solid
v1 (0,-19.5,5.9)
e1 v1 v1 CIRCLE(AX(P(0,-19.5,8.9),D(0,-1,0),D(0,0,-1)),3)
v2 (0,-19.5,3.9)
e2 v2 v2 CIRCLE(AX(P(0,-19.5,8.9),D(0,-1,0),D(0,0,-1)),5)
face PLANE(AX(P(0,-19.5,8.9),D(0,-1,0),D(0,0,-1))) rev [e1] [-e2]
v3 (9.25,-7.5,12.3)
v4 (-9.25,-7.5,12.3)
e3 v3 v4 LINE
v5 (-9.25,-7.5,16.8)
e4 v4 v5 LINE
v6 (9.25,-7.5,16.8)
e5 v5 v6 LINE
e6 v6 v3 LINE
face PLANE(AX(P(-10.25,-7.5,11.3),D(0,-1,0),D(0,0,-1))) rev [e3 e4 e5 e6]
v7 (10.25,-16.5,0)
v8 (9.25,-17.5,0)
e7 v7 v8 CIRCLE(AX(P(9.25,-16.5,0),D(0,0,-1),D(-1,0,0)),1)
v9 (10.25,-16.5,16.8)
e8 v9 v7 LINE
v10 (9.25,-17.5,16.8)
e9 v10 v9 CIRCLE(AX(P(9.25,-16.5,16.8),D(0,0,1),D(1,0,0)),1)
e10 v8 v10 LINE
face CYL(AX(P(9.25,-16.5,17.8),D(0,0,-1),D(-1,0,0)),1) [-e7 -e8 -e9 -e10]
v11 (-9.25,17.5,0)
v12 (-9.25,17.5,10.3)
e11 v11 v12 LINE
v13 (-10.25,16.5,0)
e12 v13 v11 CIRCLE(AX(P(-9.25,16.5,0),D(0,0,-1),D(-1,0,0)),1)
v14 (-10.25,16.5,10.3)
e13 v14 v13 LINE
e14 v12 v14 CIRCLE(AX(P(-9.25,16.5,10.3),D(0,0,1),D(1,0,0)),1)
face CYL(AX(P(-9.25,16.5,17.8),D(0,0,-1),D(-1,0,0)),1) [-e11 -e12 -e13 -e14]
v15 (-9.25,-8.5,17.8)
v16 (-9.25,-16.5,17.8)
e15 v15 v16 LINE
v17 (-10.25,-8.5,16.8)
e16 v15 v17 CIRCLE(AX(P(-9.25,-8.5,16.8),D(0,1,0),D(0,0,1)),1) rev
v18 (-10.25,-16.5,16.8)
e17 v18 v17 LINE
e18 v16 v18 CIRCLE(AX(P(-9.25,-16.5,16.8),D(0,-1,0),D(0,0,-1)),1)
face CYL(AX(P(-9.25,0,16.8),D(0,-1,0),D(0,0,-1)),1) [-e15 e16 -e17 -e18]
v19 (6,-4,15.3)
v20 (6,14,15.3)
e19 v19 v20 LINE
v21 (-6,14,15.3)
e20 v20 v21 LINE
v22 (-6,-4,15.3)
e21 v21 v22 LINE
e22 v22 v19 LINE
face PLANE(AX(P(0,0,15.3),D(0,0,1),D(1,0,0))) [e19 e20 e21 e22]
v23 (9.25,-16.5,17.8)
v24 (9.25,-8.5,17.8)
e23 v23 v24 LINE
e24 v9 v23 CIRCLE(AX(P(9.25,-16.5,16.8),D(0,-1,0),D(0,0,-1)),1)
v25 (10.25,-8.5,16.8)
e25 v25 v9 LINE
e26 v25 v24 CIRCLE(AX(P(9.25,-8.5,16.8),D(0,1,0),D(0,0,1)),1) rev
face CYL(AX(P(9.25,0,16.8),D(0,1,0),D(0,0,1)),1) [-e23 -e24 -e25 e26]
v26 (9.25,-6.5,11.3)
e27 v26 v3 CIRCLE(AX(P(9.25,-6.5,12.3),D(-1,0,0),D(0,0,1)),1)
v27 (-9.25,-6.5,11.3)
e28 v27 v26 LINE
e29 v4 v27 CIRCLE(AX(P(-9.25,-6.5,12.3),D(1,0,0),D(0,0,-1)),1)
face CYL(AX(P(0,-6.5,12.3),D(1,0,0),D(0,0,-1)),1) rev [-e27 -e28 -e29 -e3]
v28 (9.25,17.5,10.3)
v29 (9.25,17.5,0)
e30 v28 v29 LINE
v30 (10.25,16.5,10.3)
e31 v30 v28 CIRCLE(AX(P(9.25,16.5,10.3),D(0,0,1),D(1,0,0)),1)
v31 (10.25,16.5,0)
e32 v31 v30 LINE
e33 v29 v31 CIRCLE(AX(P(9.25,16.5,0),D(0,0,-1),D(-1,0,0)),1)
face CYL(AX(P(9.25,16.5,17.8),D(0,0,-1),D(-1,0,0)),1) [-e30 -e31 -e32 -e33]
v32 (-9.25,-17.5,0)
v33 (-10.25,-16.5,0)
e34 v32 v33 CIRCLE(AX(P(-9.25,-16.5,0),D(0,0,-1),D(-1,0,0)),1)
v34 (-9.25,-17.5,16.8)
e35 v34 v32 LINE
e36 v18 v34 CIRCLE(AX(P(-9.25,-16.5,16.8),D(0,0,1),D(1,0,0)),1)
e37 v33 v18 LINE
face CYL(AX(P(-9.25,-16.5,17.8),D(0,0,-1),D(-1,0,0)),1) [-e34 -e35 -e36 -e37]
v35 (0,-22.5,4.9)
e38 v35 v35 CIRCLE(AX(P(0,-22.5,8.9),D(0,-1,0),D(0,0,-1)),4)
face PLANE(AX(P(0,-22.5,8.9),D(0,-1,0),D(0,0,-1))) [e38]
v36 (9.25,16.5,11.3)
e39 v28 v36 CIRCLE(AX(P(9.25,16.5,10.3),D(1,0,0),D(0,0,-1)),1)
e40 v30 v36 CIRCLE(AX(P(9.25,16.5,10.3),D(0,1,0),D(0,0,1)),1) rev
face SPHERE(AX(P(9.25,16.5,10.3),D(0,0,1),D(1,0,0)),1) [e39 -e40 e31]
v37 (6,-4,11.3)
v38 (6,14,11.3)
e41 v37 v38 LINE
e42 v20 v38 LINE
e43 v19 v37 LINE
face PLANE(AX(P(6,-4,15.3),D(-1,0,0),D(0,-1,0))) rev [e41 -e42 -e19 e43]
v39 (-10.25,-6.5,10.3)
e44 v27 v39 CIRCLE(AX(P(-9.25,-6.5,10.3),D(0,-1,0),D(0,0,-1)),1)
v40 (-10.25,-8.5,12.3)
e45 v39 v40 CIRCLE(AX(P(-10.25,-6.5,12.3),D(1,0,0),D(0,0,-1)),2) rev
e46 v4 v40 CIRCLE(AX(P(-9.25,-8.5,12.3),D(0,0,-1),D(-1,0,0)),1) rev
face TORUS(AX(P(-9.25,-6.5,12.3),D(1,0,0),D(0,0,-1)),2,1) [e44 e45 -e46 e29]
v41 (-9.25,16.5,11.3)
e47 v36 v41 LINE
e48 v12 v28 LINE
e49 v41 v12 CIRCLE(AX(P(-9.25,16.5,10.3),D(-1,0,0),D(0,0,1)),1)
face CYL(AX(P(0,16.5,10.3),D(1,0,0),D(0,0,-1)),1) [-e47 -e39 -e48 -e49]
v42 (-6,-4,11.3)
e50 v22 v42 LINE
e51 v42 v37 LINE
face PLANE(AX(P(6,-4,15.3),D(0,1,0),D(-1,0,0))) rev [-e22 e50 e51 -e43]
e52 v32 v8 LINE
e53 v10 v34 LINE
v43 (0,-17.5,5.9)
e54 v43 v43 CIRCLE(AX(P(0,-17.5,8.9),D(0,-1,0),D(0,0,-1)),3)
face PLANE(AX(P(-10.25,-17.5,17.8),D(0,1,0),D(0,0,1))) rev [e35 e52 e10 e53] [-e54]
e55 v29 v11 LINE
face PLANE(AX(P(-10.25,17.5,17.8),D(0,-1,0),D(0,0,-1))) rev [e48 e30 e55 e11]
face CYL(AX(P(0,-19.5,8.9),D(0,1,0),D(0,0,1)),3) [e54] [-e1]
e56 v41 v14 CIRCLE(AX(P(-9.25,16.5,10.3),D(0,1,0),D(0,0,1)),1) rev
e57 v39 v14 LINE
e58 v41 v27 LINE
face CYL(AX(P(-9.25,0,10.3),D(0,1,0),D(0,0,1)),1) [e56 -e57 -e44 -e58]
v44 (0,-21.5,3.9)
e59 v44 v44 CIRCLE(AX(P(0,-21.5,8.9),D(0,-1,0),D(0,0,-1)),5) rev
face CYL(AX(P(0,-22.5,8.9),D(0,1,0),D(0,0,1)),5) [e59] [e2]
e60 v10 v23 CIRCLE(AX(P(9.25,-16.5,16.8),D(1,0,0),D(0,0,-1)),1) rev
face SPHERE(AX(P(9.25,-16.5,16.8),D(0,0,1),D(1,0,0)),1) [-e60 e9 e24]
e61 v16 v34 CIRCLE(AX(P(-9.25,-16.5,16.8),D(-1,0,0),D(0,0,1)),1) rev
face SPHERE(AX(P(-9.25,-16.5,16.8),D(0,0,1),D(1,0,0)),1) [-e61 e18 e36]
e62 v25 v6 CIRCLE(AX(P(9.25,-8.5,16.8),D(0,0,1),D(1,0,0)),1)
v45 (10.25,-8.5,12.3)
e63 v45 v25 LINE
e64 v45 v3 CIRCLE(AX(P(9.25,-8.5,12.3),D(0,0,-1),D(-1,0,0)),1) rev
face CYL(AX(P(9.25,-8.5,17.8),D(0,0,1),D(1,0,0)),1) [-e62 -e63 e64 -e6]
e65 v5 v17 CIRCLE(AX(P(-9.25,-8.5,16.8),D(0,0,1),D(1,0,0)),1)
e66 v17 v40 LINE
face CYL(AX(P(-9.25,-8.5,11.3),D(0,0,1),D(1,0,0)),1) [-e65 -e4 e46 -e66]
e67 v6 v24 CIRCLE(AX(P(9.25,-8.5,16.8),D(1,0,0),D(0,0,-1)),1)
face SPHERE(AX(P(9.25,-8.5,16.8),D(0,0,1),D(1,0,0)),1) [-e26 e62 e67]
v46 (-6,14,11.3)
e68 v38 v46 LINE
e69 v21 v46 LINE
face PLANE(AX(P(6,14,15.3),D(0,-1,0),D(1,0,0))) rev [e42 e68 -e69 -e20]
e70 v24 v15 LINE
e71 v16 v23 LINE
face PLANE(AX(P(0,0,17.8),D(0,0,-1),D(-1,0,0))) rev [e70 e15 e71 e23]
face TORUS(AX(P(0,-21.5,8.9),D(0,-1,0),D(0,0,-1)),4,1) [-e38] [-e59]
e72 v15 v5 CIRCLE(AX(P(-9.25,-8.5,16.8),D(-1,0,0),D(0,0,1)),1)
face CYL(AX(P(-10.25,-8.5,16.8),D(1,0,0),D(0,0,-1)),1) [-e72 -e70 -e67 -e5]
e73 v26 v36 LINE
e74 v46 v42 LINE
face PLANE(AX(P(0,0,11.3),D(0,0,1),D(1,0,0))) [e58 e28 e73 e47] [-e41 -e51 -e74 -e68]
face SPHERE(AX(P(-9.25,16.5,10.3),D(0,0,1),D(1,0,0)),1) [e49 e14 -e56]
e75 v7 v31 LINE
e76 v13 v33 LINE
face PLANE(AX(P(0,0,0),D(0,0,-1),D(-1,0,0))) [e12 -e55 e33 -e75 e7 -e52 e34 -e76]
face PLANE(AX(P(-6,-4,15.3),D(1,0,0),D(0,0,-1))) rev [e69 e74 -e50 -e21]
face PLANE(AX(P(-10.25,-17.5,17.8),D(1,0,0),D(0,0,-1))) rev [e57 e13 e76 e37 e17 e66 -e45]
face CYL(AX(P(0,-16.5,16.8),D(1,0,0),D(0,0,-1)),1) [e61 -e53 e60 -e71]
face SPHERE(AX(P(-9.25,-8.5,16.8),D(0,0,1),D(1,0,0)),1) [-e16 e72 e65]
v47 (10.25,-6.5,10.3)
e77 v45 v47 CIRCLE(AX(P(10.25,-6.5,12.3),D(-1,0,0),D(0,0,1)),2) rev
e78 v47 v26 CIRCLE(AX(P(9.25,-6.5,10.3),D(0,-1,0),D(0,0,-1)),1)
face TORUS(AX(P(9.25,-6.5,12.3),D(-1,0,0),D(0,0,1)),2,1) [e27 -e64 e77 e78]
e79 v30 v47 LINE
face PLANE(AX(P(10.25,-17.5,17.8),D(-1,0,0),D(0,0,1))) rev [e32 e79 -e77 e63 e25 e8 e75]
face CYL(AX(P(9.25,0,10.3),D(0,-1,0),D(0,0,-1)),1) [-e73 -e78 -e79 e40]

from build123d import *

# Parameters (mm, degrees)
SKETCH_1_W          = 20.5
SKETCH_1_H          = 35
EXTRUDE_1_DEPTH     = 17.8
SKETCH_3_R          = 3
EXTRUDE_2_DEPTH     = 2
SKETCH_4_R          = 5
EXTRUDE_3_DEPTH     = 3
SKETCH_5_W          = 20.5
SKETCH_5_H          = 25
CUT_EXTRUDE_1_DEPTH = 6.5
FILLET_1_R          = 1
SKETCH_6_W          = 12
SKETCH_6_H          = 18
EXTRUDE_4_DEPTH     = 4


with BuildPart() as part:
    # 草圖1 → 填料-伸長1 (new body)
    with BuildSketch(Plane.XY):
        Rectangle(SKETCH_1_W, SKETCH_1_H)
    extrude(amount=EXTRUDE_1_DEPTH)

    # 草圖3 → 填料-伸長2 (add)
    with BuildSketch(Plane.XZ.offset(17.5)):
        with Locations((0, 8.9)):
            Circle(SKETCH_3_R)
    extrude(amount=EXTRUDE_2_DEPTH)

    # 草圖4 → 填料-伸長3 (add)
    with BuildSketch(Plane.XZ.offset(19.5)):
        with Locations((0, 8.9)):
            Circle(SKETCH_4_R)
    extrude(amount=EXTRUDE_3_DEPTH)

    # 草圖5 → 除料-伸長1 (cut)
    with BuildSketch(Plane.XY.offset(17.8)):
        with Locations((0, 5)):
            Rectangle(SKETCH_5_W, SKETCH_5_H)
    extrude(amount=-CUT_EXTRUDE_1_DEPTH, mode=Mode.SUBTRACT)

    # 圓角1
    fillet_1_edges = [part.edges().sort_by_distance(p)[0] for p in [
        (0, -17.5, 17.8),
        (-5, -22.5, 8.9),
        (-10.25, -12.5, 17.8),
        (-10.25, 17.5, 5.65),
        (10.25, 17.5, 5.65),
        (-10.25, 5, 11.3),
        (-10.25, -7.5, 14.55),
        (0, 17.5, 11.3),
        (10.25, 5, 11.3),
        (0, -7.5, 11.3),
        (10.25, -7.5, 14.55),
        (0, -7.5, 17.8),
        (10.25, -12.5, 17.8),
        (10.25, -17.5, 8.9),
        (-10.25, -17.5, 8.9),
    ]]
    fillet(fillet_1_edges, radius=FILLET_1_R)

    # 草圖6 → 填料-伸長4 (add)
    with BuildSketch(Plane.XY.offset(11.3)):
        with Locations((0, 5)):
            Rectangle(SKETCH_6_W, SKETCH_6_H)
    extrude(amount=EXTRUDE_4_DEPTH)


solid = part.part
